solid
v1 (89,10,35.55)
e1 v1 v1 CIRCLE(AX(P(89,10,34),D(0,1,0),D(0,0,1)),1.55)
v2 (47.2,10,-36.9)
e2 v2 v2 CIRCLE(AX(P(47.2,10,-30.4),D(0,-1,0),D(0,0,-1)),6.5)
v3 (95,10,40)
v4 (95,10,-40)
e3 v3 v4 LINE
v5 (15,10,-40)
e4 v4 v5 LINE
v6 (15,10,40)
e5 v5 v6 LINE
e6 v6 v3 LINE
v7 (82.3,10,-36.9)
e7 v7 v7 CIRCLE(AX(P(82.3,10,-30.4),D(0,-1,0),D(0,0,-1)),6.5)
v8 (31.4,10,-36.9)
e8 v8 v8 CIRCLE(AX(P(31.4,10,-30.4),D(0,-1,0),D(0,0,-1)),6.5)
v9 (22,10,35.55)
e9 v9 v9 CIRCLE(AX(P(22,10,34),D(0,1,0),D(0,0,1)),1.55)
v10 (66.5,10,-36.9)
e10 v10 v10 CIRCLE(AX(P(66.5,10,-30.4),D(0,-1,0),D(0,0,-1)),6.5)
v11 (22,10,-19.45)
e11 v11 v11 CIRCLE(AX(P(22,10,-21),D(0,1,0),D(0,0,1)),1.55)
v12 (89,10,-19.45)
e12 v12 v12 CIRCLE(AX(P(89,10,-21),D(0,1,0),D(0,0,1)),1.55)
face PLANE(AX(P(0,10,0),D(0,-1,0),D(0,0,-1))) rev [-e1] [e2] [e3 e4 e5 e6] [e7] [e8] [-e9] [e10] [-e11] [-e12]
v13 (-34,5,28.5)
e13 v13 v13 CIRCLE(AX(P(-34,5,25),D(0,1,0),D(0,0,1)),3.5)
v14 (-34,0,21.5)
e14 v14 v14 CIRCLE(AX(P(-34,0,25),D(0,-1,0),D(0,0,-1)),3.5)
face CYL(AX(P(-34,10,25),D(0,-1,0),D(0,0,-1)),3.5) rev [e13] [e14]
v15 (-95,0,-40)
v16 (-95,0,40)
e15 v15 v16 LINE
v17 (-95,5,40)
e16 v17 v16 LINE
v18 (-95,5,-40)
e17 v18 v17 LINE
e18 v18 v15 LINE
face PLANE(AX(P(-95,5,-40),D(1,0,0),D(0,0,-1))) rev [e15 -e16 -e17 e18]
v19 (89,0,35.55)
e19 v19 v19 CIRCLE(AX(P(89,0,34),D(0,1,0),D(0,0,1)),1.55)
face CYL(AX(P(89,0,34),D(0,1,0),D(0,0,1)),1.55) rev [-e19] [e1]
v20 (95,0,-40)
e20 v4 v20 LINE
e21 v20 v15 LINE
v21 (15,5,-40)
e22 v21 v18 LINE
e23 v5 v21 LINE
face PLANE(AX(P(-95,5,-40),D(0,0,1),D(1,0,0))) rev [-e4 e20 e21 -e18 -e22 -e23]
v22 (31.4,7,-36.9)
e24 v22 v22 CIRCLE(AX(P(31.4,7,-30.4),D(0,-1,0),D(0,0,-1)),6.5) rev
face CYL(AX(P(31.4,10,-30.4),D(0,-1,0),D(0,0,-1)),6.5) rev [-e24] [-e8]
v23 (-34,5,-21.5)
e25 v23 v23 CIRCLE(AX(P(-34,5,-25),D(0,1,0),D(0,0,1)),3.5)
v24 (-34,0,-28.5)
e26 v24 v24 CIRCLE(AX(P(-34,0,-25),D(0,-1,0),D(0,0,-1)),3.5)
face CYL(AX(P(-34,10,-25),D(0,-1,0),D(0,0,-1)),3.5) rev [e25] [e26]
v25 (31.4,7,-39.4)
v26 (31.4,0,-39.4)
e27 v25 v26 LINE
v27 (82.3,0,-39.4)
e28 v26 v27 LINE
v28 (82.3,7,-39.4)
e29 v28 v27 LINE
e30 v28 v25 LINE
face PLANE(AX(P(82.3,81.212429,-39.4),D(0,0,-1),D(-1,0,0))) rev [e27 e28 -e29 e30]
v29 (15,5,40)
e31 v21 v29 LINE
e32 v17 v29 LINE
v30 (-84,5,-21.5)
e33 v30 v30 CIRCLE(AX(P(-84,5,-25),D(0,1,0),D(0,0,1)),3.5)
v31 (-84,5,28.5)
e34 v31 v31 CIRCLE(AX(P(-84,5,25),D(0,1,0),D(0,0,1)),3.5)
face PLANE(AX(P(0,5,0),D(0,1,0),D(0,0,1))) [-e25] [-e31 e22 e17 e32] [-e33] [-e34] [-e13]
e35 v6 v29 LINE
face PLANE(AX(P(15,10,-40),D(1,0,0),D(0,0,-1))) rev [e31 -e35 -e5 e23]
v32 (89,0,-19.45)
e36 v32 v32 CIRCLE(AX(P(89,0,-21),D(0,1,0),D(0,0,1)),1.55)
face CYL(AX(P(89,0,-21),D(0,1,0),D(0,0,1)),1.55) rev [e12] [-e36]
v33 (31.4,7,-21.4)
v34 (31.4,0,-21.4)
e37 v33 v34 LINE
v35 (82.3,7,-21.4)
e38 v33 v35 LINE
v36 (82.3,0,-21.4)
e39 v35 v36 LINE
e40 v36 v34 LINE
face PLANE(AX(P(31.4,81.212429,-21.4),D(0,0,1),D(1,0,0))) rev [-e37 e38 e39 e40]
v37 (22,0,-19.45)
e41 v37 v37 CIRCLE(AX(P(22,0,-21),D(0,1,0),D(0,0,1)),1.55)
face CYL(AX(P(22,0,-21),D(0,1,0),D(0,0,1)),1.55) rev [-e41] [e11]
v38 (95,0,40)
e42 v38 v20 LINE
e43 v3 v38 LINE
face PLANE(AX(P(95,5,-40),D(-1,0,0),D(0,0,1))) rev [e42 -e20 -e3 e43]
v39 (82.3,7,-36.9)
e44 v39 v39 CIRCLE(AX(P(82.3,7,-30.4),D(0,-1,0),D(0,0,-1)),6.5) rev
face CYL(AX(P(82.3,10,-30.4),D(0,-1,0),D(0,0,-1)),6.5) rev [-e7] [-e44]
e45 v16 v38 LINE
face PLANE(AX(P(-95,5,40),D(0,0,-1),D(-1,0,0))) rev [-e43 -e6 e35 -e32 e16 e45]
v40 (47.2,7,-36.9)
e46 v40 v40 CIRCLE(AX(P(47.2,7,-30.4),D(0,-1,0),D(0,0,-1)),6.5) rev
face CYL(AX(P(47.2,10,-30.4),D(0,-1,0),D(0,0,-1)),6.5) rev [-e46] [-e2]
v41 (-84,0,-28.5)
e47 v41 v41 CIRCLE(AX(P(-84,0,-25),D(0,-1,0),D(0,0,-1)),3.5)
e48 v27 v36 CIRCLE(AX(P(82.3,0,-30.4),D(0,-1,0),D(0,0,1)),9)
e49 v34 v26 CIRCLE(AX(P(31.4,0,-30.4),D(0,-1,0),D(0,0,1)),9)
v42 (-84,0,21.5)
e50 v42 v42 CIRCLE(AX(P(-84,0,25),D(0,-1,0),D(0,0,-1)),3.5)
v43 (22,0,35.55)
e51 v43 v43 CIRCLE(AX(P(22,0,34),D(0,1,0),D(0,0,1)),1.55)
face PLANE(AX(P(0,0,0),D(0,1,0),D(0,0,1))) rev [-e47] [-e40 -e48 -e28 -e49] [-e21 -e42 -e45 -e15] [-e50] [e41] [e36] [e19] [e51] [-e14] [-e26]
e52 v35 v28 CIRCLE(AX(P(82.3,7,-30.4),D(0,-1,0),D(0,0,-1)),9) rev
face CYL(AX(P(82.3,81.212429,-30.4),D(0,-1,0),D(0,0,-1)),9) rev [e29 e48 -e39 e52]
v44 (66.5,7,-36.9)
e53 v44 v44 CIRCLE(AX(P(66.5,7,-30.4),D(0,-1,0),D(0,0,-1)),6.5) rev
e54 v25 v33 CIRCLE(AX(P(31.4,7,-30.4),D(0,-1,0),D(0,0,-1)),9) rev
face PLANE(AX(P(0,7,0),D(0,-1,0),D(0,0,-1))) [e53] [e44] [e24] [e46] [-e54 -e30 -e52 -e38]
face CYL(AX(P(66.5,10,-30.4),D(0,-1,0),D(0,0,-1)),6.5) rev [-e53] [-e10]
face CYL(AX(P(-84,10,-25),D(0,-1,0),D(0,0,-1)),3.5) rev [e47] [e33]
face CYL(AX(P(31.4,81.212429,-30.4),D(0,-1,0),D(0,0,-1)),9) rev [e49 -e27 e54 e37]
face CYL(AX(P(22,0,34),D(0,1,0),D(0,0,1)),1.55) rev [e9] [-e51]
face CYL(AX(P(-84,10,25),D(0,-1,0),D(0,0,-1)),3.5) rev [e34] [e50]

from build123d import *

# Parameters (mm, degrees)
SKETCH1_W           = 190
SKETCH1_H           = 80
BOSS_EXTRUDE1_DEPTH = 5
SKETCH3_W           = 80
SKETCH3_H           = 80
BOSS_EXTRUDE2_DEPTH = 5
SKETCH4_R           = 1.55
CUT_EXTRUDE1_DEPTH  = 104.561575886
SKETCH5_R           = 6.5
CUT_EXTRUDE2_DEPTH  = 104.561575886
CUT_EXTRUDE3_DEPTH  = 7
SKETCH7_R           = 3.5
CUT_EXTRUDE4_DEPTH  = 104.561575886


with BuildPart() as part:
    # Sketch1 → Boss-Extrude1 (new body)
    with BuildSketch(Plane(origin=(0, 0, 0), x_dir=(1, 0, 0), z_dir=(0, 1, 0))):
        Rectangle(SKETCH1_W, SKETCH1_H)
    extrude(amount=BOSS_EXTRUDE1_DEPTH)

    # Sketch3 → Boss-Extrude2 (add)
    with BuildSketch(Plane(origin=(0, 5, 0), x_dir=(1, 0, 0), z_dir=(0, 1, 0))):
        with Locations((55, 0)):
            Rectangle(SKETCH3_W, SKETCH3_H)
    extrude(amount=BOSS_EXTRUDE2_DEPTH)

    # Sketch4 → Cut-Extrude1 (cut, through all)
    with BuildSketch(Plane(origin=(0, 10, 0), x_dir=(1, 0, 0), z_dir=(0, 1, 0))):
        with Locations(Location((22, 21, 0), (0, 0, 270))):
            Circle(SKETCH4_R)
        with Locations(Location((89, 21, 0), (0, 0, 270))):
            Circle(SKETCH4_R)
        with Locations(Location((22, -34, 0), (0, 0, 270))):
            Circle(SKETCH4_R)
        with Locations(Location((89, -34, 0), (0, 0, 270))):
            Circle(SKETCH4_R)
    extrude(amount=-CUT_EXTRUDE1_DEPTH, mode=Mode.SUBTRACT)

    # Sketch5 → Cut-Extrude2 (cut, through all)
    with BuildSketch(Plane.XZ):
        with Locations(Location((31.4, -30.4, 0), (0, 0, 270))):
            Circle(SKETCH5_R)
        with Locations(Location((47.2, -30.4, 0), (0, 0, 270))):
            Circle(SKETCH5_R)
        with Locations(Location((66.5, -30.4, 0), (0, 0, 270))):
            Circle(SKETCH5_R)
        with Locations(Location((82.3, -30.4, 0), (0, 0, 270))):
            Circle(SKETCH5_R)
    extrude(amount=-CUT_EXTRUDE2_DEPTH, mode=Mode.SUBTRACT)

    # Sketch6 → Cut-Extrude3 (cut)
    with BuildSketch(Plane.XZ):
        with BuildLine():
            Line((31.4, -21.4), (82.3, -21.4))
            ThreePointArc((82.3, -21.4), (91.3, -30.4), (82.3, -39.4))
            Line((82.3, -39.4), (31.4, -39.4))
            ThreePointArc((31.4, -39.4), (22.4, -30.4), (31.4, -21.4))
        make_face()
    extrude(amount=-CUT_EXTRUDE3_DEPTH, mode=Mode.SUBTRACT)

    # Sketch7 → Cut-Extrude4 (cut, through all)
    with BuildSketch(Plane.XZ):
        with Locations(Location((-84, 25, 0), (0, 0, 270))):
            Circle(SKETCH7_R)
        with Locations(Location((-34, 25, 0), (0, 0, 270))):
            Circle(SKETCH7_R)
        with Locations(Location((-84, -25, 0), (0, 0, 270))):
            Circle(SKETCH7_R)
        with Locations(Location((-34, -25, 0), (0, 0, 270))):
            Circle(SKETCH7_R)
    extrude(amount=-CUT_EXTRUDE4_DEPTH, mode=Mode.SUBTRACT)


solid = part.part
